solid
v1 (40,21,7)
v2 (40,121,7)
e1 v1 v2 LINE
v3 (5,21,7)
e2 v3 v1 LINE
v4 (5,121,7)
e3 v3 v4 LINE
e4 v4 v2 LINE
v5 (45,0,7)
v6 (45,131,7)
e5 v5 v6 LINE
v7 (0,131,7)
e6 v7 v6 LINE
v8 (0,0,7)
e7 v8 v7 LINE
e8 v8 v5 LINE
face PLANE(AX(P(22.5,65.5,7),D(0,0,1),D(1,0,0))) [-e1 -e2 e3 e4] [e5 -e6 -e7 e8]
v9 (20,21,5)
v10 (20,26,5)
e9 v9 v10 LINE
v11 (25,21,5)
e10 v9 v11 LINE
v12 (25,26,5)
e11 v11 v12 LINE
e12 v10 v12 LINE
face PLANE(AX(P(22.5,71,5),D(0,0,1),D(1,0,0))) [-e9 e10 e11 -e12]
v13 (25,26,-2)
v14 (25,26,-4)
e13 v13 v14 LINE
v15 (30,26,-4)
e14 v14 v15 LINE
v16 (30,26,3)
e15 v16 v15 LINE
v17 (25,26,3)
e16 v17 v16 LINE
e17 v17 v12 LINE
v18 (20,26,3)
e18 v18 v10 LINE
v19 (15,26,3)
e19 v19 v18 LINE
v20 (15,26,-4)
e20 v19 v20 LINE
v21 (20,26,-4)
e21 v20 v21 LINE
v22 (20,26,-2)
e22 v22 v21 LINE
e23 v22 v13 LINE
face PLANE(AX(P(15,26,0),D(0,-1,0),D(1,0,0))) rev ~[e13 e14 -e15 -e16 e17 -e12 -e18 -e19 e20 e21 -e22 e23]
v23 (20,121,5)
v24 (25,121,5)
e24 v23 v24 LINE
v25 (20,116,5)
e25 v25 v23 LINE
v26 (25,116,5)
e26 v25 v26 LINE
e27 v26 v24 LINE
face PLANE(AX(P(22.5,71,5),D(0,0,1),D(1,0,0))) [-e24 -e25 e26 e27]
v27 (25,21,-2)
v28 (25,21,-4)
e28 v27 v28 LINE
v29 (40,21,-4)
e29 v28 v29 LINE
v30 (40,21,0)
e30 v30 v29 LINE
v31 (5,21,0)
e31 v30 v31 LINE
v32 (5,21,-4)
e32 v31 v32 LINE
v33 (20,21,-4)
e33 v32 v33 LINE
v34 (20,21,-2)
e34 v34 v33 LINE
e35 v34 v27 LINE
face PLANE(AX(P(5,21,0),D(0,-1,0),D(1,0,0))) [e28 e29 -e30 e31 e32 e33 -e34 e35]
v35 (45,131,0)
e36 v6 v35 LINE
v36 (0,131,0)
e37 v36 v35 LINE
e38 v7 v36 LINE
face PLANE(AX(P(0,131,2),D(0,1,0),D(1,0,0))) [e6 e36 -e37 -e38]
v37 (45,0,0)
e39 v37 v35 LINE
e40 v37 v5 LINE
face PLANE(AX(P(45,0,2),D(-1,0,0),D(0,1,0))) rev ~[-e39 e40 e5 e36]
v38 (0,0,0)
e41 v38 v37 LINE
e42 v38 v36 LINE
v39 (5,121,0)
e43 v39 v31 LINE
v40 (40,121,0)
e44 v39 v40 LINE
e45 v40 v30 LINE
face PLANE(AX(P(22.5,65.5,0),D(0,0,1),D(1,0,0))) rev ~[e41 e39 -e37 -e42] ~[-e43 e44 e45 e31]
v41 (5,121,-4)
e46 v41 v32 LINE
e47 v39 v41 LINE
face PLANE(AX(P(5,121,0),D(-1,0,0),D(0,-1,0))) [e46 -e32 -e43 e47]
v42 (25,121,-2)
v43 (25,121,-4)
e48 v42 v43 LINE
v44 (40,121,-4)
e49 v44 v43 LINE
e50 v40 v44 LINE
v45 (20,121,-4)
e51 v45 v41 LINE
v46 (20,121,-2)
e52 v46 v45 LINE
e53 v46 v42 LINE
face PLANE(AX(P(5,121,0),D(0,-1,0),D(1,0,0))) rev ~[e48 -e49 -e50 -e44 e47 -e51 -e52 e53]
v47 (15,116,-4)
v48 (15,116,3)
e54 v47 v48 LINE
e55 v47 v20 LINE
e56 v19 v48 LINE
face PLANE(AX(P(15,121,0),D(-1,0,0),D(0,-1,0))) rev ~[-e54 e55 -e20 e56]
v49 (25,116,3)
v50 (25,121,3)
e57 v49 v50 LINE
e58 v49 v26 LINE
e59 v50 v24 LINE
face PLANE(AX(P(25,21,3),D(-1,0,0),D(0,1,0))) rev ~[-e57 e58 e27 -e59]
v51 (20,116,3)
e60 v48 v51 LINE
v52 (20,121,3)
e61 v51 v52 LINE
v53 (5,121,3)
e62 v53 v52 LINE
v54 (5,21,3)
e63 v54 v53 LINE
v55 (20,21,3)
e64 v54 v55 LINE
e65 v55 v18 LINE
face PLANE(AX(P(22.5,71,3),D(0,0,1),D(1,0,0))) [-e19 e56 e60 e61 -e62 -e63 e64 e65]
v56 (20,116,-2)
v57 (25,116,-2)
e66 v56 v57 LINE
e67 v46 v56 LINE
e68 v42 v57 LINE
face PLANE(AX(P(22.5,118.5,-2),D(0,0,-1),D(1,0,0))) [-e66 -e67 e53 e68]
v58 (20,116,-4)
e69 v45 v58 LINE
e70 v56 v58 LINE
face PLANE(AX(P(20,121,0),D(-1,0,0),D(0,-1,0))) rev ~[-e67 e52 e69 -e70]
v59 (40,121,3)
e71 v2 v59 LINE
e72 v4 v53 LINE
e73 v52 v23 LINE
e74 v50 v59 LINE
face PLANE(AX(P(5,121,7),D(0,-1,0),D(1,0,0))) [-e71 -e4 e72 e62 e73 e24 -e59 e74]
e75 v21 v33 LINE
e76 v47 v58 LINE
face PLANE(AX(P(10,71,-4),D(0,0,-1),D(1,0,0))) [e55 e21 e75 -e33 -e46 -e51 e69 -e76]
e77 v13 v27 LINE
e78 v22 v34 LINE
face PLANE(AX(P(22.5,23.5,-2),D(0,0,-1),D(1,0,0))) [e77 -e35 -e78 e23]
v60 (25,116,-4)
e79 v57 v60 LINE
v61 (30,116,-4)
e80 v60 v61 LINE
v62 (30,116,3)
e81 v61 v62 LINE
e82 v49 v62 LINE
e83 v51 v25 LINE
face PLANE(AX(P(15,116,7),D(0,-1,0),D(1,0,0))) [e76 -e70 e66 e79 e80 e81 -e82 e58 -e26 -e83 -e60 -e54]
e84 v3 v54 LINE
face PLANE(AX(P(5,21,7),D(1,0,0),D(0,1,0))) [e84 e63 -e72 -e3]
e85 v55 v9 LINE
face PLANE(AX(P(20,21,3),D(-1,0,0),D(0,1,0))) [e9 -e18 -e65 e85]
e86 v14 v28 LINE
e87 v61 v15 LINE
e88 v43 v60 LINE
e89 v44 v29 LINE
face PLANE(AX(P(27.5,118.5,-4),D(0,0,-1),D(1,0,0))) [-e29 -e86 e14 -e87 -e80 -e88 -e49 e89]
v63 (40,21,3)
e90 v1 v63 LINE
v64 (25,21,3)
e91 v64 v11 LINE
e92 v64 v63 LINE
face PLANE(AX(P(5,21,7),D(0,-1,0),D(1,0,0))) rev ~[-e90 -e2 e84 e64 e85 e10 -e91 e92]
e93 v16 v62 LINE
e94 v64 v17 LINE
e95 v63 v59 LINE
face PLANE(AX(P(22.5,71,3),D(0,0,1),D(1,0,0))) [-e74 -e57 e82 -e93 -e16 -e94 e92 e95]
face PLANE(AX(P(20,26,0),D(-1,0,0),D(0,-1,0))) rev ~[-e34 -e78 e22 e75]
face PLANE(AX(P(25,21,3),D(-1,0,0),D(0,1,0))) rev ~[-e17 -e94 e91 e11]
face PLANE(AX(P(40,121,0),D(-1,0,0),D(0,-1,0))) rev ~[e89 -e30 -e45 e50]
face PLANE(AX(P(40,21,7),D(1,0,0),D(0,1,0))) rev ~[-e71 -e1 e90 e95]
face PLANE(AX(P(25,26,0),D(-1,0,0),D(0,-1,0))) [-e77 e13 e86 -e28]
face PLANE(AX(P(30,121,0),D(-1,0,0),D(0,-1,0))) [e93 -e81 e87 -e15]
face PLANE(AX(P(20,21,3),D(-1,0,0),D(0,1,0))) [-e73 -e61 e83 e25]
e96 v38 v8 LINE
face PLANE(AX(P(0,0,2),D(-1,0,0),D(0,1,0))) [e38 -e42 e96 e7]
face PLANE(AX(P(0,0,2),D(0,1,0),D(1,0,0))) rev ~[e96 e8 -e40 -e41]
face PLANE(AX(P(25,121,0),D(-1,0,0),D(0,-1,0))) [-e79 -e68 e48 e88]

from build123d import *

# Parameters (mm, degrees)
F0_W      = 45
F0_H      = 131
F1_DEPTH  = 2
F2_W      = 45
F2_H      = 131
F3_DEPTH  = 5
F5_W      = 35
F5_H      = 100
F6_DEPTH  = 4
F7_W      = 5
F7_H      = 100
F8_DEPTH  = 2
F4_W      = 15
F4_H      = 90
F9_DEPTH  = 7.001
F10_W     = 5
F10_H     = 5
F13_DEPTH = 2
F12_W     = 5
F12_H     = 5
F14_DEPTH = 4
F11_W     = 10
F11_H     = 100
F15_DEPTH = 4


with BuildPart() as f1:
    # F0 (on Top) → F1 (new body)
    with BuildSketch(Plane.XY):
        with Locations((22.5, 65.5)):
            Rectangle(F0_W, F0_H)
    extrude(amount=F1_DEPTH)

    # F2 (on face) → F3 (join)
    with BuildSketch(Plane.XY.offset(2)):
        with Locations((22.5, 65.5)):
            Rectangle(F2_W, F2_H)
    extrude(amount=F3_DEPTH)

    # F5 (on face) → F6 (cut)
    with BuildSketch(Plane.XY.offset(7)):
        with Locations((22.5, 71)):
            Rectangle(F5_W, F5_H)
    extrude(amount=-F6_DEPTH, mode=Mode.SUBTRACT)

    # F7 (on face) → F8 (join)
    with BuildSketch(Plane.XY.offset(3)):
        with Locations((22.5, 71)):
            Rectangle(F7_W, F7_H)
    extrude(amount=F8_DEPTH)

    # F4 (on face) → F9 (cut, through all)
    with BuildSketch(Plane.XY.offset(7)):
        with Locations((22.5, 71)):
            Rectangle(F4_W, F4_H)
    extrude(amount=-F9_DEPTH, mode=Mode.SUBTRACT)

    # F10 (on face) → F13 (join)
    with BuildSketch(Plane(origin=(0, 0, 0), x_dir=(1, 0, 0), z_dir=(0, 0, -1))):
        with Locations((22.5, -118.5)):
            Rectangle(F10_W, F10_H)
        with Locations((22.5, -23.5)):
            Rectangle(F10_W, F10_H)
    extrude(amount=F13_DEPTH)

    # F12 (on face) → F14 (join)
    with BuildSketch(Plane(origin=(0, 0, 0), x_dir=(1, 0, 0), z_dir=(0, 0, -1))):
        with Locations((17.5, -23.5)):
            Rectangle(F12_W, F12_H)
        with Locations((27.5, -23.5)):
            Rectangle(F12_W, F12_H)
        with Locations((27.5, -118.5)):
            Rectangle(F12_W, F12_H)
        with Locations((17.5, -118.5)):
            Rectangle(F12_W, F12_H)
    extrude(amount=F14_DEPTH)

    # F11 (on face) → F15 (join)
    with BuildSketch(Plane(origin=(0, 0, 0), x_dir=(1, 0, 0), z_dir=(0, 0, -1))):
        with Locations((10, -71)):
            Rectangle(F11_W, F11_H)
        with Locations((35, -71)):
            Rectangle(F11_W, F11_H)
    extrude(amount=F15_DEPTH)


solid = f1.part
